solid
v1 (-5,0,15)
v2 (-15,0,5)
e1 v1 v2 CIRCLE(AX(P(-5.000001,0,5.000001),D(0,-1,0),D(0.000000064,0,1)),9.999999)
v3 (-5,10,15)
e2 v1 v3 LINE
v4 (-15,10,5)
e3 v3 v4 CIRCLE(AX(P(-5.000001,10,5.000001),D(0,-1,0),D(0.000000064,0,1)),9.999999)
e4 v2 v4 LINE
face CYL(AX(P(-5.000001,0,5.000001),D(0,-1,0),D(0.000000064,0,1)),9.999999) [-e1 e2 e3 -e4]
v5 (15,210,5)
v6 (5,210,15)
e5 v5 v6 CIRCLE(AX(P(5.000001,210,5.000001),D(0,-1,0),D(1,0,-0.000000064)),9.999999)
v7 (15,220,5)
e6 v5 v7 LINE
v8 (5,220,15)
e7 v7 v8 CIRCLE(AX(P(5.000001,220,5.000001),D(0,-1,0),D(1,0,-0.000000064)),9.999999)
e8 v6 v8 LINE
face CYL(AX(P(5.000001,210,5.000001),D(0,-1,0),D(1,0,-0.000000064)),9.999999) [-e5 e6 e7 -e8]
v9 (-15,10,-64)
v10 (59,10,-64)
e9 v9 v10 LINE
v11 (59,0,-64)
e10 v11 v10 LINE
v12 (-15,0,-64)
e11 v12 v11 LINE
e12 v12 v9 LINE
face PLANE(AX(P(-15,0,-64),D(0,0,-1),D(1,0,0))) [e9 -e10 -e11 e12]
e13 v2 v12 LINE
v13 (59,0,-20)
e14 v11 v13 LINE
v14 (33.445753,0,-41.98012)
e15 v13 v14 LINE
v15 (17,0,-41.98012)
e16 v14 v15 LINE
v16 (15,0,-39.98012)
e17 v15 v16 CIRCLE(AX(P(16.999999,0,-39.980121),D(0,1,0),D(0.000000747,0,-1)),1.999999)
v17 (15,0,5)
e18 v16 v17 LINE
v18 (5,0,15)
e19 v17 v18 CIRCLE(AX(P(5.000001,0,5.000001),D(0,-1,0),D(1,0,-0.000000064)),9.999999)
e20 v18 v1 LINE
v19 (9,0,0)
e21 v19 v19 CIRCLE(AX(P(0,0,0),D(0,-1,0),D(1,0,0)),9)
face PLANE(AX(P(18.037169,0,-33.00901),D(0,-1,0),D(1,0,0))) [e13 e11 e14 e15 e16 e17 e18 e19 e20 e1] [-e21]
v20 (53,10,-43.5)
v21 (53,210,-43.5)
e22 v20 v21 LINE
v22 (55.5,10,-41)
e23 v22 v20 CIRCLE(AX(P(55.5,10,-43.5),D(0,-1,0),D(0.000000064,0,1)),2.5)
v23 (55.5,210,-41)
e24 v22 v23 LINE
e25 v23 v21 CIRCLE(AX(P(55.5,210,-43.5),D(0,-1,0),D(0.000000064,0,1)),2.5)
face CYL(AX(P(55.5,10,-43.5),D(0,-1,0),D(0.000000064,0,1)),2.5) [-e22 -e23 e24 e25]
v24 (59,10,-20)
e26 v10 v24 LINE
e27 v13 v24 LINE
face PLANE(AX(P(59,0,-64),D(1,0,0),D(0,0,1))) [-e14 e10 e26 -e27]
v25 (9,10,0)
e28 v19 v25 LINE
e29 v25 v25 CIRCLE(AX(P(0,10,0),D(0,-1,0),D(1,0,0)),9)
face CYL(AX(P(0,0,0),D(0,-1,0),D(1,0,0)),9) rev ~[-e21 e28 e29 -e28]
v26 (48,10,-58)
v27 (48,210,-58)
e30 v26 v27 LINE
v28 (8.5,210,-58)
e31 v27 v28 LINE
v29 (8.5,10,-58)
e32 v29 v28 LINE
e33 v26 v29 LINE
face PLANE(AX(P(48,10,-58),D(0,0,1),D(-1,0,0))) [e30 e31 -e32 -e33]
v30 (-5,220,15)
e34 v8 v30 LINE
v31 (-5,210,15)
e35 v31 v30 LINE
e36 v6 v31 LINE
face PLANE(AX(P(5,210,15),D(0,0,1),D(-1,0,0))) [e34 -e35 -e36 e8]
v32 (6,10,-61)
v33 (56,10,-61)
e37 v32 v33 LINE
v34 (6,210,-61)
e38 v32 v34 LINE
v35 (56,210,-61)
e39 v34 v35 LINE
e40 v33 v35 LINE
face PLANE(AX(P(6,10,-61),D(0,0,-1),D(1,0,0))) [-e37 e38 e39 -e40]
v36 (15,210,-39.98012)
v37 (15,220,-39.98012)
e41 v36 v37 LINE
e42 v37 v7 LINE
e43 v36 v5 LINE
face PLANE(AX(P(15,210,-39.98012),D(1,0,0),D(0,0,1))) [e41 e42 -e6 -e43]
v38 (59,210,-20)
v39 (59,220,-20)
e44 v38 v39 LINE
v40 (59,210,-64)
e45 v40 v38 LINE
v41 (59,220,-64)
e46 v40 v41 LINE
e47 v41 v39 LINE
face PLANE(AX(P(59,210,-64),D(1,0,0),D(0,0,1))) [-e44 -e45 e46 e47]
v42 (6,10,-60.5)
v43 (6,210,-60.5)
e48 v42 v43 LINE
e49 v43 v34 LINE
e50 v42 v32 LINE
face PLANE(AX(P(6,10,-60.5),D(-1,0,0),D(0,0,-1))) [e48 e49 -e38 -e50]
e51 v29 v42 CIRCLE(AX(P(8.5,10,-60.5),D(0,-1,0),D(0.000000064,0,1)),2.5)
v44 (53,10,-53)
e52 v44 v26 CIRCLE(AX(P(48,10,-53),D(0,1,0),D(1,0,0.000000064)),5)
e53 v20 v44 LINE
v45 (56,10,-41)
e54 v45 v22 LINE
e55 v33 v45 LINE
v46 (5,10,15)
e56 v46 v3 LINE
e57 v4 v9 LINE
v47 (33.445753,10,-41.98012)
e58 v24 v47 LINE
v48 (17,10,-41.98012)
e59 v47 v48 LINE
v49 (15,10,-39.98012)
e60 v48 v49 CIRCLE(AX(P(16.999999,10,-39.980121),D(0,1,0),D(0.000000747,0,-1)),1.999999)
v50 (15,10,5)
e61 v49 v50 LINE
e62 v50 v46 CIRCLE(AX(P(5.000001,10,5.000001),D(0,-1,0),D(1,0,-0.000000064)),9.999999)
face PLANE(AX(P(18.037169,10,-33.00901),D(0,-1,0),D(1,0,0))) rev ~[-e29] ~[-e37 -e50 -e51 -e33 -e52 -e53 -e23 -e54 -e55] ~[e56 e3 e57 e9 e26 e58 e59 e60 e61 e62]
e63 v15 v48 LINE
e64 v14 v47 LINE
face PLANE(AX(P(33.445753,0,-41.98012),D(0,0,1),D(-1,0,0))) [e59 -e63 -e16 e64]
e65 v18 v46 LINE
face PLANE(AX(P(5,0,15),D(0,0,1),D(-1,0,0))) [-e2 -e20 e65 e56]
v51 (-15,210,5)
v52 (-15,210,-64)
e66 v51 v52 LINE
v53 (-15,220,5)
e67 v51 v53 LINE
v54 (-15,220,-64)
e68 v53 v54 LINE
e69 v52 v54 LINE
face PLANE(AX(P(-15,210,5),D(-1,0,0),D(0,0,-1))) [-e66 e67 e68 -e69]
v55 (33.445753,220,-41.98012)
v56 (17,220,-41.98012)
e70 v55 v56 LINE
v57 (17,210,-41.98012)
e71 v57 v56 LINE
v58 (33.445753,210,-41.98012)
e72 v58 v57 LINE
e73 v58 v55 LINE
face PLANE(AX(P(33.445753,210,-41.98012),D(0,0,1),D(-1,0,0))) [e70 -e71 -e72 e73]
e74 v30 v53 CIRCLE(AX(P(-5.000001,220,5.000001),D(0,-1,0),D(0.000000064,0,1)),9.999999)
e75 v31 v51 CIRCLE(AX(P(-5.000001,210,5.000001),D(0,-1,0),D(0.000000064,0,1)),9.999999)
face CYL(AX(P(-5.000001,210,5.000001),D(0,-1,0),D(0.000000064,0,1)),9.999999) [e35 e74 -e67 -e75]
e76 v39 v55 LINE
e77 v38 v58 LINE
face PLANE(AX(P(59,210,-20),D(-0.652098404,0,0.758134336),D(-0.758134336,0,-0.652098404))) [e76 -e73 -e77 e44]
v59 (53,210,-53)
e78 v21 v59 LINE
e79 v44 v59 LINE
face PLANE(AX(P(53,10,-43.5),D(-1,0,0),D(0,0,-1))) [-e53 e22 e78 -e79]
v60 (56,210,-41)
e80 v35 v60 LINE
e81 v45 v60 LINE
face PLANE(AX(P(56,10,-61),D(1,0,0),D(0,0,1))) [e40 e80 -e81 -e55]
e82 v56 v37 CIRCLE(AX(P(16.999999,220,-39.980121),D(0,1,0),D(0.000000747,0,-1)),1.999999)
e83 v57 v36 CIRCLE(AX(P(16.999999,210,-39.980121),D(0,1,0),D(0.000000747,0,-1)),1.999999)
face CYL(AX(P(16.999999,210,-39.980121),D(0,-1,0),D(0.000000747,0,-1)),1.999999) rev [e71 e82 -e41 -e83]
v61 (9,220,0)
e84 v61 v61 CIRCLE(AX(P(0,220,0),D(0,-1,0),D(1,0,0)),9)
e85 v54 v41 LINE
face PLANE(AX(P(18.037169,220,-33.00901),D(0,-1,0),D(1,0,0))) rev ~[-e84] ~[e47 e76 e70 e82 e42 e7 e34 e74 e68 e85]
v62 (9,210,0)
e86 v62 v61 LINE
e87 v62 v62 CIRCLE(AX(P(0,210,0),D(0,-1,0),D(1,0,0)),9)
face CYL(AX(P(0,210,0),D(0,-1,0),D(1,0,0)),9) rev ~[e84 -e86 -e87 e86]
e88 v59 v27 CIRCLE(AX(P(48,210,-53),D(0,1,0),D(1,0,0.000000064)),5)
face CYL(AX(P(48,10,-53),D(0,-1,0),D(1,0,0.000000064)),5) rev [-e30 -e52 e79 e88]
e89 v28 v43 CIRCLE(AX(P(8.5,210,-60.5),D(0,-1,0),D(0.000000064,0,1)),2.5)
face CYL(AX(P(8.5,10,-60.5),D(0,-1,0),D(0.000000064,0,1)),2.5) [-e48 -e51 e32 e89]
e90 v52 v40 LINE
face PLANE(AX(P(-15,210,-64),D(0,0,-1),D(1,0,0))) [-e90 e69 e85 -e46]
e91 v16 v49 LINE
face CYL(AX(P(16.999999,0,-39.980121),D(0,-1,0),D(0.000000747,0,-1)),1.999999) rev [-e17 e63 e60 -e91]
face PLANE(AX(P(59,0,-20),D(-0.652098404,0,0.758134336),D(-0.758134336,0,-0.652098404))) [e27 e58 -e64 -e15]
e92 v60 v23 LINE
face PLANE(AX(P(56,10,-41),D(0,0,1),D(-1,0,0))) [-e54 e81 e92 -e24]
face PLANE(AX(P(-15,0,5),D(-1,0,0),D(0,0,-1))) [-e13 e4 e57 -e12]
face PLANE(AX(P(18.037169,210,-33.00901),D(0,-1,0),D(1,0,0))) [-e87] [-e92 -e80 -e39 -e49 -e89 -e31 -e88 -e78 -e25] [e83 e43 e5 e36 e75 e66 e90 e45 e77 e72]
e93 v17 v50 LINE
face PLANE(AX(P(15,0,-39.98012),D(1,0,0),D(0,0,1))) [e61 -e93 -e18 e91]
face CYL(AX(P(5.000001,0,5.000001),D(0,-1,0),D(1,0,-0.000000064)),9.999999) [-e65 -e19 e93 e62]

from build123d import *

# Parameters (mm, degrees)
F0_R     = 9
F1_DEPTH = 10
F4_DEPTH = 200
F6_R     = 9
F7_DEPTH = 10


with BuildPart() as f1:
    # F0 (on Front) → F1 (new body)
    with BuildSketch(Plane.XZ):
        with BuildLine():
            ThreePointArc((-5, 15), (-12.071068, 12.071068), (-15, 5))
            Line((-15, 5), (-15, -64))
            Line((-15, -64), (59, -64))
            Line((59, -64), (59, -20))
            Line((59, -20), (33.445753, -41.98012))
            Line((33.445753, -41.98012), (17, -41.98012))
            ThreePointArc((17, -41.98012), (15.585786, -41.394334), (15, -39.98012))
            Line((15, -39.98012), (15, 5))
            ThreePointArc((15, 5), (12.071068, 12.071068), (5, 15))
            Line((5, 15), (-5, 15))
        make_face()
        Circle(F0_R, mode=Mode.SUBTRACT)
    extrude(amount=-F1_DEPTH)

    # F3 (on offset) → F4 (join)
    with BuildSketch(Plane.XZ.offset(-10)):
        with BuildLine():
            Line((6, -60.5), (6, -61))
            Line((6, -61), (56, -61))
            Line((56, -61), (56, -41))
            Line((56, -41), (55.5, -41))
            ThreePointArc((55.5, -41), (53.732233, -41.732233), (53, -43.5))
            Line((53, -43.5), (53, -53))
            ThreePointArc((53, -53), (51.535534, -56.535534), (48, -58))
            Line((48, -58), (8.5, -58))
            ThreePointArc((8.5, -58), (6.732233, -58.732233), (6, -60.5))
        make_face()
    extrude(amount=-F4_DEPTH)

    # F6 (on offset) → F7 (join)
    with BuildSketch(Plane.XZ.offset(-210)):
        with BuildLine():
            ThreePointArc((-5, 15), (-12.071068, 12.071068), (-15, 5))
            Line((-15, 5), (-15, -64))
            Line((-15, -64), (59, -64))
            Line((59, -64), (59, -20))
            Line((59, -20), (33.445753, -41.98012))
            Line((33.445753, -41.98012), (17, -41.98012))
            ThreePointArc((17, -41.98012), (15.585786, -41.394334), (15, -39.98012))
            Line((15, -39.98012), (15, 5))
            ThreePointArc((15, 5), (12.071068, 12.071068), (5, 15))
            Line((5, 15), (-5, 15))
        make_face()
        Circle(F6_R, mode=Mode.SUBTRACT)
    extrude(amount=-F7_DEPTH)


solid = f1.part
